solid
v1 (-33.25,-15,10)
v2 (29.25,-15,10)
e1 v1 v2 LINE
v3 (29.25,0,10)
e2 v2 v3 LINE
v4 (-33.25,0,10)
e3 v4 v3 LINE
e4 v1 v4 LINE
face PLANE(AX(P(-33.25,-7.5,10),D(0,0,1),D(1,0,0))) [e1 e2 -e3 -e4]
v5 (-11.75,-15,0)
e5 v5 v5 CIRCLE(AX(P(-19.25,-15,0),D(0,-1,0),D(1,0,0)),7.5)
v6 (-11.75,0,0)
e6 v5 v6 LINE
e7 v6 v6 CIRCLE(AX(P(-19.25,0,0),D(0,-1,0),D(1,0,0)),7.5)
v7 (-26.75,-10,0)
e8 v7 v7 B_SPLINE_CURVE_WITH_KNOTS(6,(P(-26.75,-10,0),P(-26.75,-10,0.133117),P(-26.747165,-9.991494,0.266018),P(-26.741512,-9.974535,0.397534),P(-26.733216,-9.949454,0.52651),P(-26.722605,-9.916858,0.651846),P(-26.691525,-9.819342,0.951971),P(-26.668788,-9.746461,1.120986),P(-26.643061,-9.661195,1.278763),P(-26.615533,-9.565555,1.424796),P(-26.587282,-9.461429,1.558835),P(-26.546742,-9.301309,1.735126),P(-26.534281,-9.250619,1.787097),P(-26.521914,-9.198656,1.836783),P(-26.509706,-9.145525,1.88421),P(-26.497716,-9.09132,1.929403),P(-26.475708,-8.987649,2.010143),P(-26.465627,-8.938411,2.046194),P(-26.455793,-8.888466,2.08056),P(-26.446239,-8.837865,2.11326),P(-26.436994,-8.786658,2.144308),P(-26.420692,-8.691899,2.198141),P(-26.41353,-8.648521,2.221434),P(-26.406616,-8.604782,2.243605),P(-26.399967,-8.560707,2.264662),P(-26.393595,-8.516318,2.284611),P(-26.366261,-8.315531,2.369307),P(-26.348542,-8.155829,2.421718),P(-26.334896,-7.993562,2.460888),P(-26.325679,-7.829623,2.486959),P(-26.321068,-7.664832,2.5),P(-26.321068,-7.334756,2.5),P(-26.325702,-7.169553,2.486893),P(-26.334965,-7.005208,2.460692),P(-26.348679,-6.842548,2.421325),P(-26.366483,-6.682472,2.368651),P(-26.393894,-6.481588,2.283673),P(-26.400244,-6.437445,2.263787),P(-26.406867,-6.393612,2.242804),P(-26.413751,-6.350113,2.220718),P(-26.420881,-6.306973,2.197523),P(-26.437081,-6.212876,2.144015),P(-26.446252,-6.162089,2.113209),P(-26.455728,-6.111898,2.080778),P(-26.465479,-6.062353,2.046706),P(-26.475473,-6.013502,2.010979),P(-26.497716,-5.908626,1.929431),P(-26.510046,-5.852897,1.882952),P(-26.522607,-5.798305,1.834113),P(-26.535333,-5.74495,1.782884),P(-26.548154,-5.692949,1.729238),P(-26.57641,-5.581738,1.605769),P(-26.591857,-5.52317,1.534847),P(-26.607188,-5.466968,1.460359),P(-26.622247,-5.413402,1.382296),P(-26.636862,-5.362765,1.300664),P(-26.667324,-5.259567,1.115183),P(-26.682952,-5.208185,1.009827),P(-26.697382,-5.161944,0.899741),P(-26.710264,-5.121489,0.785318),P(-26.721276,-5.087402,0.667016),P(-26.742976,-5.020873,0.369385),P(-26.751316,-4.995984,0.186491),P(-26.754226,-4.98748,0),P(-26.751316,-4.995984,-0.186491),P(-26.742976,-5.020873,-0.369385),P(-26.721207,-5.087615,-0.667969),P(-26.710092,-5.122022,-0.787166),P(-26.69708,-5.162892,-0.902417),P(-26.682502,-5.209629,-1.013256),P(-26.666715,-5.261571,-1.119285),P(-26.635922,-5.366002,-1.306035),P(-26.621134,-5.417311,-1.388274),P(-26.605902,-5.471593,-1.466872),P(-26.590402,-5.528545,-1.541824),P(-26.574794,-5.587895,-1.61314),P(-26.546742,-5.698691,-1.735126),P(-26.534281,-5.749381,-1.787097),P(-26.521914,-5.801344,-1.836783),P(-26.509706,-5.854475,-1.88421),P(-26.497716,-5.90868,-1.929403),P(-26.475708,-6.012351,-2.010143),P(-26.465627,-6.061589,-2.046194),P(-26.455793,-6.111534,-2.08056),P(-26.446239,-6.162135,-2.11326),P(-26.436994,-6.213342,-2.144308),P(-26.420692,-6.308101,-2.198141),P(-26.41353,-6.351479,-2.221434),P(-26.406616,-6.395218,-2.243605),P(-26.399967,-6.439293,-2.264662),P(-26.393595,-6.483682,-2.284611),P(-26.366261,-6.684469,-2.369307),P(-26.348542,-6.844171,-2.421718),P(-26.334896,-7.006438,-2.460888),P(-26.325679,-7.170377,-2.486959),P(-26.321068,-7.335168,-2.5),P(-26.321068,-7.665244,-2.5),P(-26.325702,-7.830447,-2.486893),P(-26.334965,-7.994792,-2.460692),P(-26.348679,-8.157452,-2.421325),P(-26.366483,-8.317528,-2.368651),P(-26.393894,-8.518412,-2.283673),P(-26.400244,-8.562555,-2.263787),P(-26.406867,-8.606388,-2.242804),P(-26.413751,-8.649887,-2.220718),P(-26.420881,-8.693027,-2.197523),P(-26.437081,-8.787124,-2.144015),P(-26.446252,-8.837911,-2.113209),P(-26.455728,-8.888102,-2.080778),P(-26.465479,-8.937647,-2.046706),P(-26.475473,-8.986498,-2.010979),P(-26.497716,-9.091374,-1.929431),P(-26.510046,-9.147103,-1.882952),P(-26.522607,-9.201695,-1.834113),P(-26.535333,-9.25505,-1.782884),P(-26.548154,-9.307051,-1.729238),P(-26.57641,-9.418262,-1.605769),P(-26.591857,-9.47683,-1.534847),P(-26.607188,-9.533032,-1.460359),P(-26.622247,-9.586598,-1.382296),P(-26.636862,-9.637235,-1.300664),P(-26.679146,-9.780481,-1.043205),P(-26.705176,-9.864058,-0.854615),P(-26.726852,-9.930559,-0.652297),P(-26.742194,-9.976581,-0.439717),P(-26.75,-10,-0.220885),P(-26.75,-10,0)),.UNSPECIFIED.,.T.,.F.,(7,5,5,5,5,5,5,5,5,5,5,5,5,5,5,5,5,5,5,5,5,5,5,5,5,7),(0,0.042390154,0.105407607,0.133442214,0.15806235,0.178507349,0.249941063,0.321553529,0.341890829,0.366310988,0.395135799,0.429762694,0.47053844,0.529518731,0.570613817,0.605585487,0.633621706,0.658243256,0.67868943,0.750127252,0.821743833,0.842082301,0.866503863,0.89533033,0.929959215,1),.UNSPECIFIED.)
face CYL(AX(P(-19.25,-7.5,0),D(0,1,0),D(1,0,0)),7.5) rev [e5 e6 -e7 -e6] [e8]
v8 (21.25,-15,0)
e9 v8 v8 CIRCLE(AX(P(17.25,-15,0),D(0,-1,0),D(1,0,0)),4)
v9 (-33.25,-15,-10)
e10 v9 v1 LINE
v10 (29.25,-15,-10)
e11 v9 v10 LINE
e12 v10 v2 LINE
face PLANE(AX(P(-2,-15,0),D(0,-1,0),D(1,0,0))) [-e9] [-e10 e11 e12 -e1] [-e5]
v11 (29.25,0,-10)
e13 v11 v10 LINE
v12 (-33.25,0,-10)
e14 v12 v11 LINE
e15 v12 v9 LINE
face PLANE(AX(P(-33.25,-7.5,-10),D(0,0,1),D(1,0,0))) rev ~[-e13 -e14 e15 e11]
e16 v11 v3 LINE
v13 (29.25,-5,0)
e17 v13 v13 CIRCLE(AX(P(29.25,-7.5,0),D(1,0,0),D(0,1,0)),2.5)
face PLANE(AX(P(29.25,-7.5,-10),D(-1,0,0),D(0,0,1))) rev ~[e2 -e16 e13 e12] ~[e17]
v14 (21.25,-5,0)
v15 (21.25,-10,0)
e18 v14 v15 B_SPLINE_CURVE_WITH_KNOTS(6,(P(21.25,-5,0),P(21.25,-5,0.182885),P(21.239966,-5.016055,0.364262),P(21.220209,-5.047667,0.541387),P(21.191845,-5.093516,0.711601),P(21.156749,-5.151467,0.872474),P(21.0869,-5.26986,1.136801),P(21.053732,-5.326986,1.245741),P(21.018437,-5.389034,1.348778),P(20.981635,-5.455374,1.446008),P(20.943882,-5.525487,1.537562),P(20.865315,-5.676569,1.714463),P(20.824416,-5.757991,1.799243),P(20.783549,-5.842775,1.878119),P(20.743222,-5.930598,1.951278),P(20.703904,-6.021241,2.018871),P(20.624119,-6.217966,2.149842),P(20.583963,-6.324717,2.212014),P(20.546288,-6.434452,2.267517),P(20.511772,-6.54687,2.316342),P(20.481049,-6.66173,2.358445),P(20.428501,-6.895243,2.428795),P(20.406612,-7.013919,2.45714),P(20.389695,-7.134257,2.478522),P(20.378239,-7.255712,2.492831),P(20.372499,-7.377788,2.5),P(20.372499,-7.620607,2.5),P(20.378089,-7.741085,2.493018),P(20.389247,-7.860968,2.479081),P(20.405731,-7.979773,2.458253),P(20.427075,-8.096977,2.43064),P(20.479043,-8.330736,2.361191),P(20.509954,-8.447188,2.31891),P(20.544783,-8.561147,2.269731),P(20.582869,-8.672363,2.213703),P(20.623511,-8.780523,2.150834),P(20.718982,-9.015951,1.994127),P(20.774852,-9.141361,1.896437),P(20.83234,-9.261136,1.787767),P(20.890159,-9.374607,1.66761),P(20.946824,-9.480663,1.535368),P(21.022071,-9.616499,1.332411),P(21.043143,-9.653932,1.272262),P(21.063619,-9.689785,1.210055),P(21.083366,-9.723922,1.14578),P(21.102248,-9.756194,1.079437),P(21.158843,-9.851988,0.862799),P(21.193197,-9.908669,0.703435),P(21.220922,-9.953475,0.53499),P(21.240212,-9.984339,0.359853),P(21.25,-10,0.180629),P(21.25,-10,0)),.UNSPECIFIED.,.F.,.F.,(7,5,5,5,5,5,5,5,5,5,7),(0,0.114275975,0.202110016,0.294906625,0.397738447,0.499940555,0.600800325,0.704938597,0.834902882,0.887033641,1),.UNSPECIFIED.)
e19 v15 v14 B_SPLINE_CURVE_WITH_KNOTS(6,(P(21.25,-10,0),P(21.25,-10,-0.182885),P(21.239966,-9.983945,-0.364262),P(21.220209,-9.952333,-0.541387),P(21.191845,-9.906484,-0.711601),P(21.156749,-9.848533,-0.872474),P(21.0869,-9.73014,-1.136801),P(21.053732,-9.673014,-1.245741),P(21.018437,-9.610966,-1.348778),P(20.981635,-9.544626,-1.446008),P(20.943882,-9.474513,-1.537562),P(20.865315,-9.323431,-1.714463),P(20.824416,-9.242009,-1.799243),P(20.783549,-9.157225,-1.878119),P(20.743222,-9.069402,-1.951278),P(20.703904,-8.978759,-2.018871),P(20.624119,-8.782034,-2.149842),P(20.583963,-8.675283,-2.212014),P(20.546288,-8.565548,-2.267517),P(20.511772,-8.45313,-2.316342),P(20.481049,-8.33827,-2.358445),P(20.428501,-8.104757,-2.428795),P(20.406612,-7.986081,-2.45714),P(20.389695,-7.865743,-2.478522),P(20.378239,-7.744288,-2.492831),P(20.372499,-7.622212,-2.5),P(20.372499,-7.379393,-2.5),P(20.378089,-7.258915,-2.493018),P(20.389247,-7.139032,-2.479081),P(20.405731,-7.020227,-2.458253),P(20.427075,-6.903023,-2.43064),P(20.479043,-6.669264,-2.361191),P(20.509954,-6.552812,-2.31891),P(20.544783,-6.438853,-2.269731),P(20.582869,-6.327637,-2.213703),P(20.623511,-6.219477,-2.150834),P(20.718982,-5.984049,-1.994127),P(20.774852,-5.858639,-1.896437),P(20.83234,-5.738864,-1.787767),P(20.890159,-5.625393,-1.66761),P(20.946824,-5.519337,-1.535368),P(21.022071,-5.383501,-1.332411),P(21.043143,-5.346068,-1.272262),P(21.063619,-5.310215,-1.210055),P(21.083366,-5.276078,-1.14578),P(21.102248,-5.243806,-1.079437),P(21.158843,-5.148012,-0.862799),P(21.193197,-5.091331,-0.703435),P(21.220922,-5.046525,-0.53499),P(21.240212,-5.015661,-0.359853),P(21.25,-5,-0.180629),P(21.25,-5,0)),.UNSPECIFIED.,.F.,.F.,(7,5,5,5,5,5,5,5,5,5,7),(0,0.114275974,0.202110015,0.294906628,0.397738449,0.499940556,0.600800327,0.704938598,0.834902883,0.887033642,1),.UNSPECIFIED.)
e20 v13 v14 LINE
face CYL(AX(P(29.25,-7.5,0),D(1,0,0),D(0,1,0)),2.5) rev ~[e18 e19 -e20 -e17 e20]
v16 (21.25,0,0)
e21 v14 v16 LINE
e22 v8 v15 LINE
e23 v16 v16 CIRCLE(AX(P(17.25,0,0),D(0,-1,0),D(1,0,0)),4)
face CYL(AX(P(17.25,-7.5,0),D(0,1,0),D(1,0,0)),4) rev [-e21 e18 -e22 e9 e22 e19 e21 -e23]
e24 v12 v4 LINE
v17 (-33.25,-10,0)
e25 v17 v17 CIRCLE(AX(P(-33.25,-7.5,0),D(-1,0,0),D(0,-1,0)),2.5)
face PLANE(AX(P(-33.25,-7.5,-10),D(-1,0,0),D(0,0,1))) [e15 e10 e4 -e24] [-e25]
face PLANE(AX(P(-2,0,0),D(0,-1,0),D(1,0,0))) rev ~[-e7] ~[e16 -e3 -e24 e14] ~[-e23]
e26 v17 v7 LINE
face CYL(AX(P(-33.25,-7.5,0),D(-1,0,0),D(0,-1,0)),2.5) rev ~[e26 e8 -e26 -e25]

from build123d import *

# Parameters (mm, degrees)
F0_W        = 62.5
F0_H        = 20
F0_R        = 7.5
F0_R_2      = 4
F1_DEPTH    = 7.5
F1_FACE_W   = 62.5
F1_FACE_H   = 20
F1_FACE_R   = 7.5
F1_FACE_R_2 = 4
F2_DEPTH    = 7.5
F3_R        = 2.5
F4_DEPTH    = 10
F5_R        = 2.5
F6_DEPTH    = 12


with BuildPart() as f1:
    # F0 (on Front) → F1 (new body)
    with BuildSketch(Plane.XZ):
        with Locations((-2, 0)):
            Rectangle(F0_W, F0_H)
        with Locations((-19.25, 0)):
            Circle(F0_R, mode=Mode.SUBTRACT)
        with Locations((17.25, 0)):
            Circle(F0_R_2, mode=Mode.SUBTRACT)
    extrude(amount=F1_DEPTH)

    # F1_face (on face) → F2 (join)
    with BuildSketch(Plane(origin=(0.033896, -7.5, 0), x_dir=(1, 0, 0), z_dir=(0, -1, 0))):
        with Locations((-2.033896, 0)):
            Rectangle(F1_FACE_W, F1_FACE_H)
        with Locations((-19.283896, 0)):
            Circle(F1_FACE_R, mode=Mode.SUBTRACT)
        with Locations((17.216104, 0)):
            Circle(F1_FACE_R_2, mode=Mode.SUBTRACT)
    extrude(amount=F2_DEPTH)

    # F3 (on face) → F4 (cut)
    with BuildSketch(Plane(origin=(-33.25, 0, 0), x_dir=(0, -1, 0), z_dir=(-1, 0, 0))):
        with Locations((7.5, 0)):
            Circle(F3_R)
    extrude(amount=-F4_DEPTH, mode=Mode.SUBTRACT)

    # F5 (on face) → F6 (cut)
    with BuildSketch(Plane.YZ.offset(29.25)):
        with Locations((-7.5, 0)):
            Circle(F5_R)
    extrude(amount=-F6_DEPTH, mode=Mode.SUBTRACT)


solid = f1.part
